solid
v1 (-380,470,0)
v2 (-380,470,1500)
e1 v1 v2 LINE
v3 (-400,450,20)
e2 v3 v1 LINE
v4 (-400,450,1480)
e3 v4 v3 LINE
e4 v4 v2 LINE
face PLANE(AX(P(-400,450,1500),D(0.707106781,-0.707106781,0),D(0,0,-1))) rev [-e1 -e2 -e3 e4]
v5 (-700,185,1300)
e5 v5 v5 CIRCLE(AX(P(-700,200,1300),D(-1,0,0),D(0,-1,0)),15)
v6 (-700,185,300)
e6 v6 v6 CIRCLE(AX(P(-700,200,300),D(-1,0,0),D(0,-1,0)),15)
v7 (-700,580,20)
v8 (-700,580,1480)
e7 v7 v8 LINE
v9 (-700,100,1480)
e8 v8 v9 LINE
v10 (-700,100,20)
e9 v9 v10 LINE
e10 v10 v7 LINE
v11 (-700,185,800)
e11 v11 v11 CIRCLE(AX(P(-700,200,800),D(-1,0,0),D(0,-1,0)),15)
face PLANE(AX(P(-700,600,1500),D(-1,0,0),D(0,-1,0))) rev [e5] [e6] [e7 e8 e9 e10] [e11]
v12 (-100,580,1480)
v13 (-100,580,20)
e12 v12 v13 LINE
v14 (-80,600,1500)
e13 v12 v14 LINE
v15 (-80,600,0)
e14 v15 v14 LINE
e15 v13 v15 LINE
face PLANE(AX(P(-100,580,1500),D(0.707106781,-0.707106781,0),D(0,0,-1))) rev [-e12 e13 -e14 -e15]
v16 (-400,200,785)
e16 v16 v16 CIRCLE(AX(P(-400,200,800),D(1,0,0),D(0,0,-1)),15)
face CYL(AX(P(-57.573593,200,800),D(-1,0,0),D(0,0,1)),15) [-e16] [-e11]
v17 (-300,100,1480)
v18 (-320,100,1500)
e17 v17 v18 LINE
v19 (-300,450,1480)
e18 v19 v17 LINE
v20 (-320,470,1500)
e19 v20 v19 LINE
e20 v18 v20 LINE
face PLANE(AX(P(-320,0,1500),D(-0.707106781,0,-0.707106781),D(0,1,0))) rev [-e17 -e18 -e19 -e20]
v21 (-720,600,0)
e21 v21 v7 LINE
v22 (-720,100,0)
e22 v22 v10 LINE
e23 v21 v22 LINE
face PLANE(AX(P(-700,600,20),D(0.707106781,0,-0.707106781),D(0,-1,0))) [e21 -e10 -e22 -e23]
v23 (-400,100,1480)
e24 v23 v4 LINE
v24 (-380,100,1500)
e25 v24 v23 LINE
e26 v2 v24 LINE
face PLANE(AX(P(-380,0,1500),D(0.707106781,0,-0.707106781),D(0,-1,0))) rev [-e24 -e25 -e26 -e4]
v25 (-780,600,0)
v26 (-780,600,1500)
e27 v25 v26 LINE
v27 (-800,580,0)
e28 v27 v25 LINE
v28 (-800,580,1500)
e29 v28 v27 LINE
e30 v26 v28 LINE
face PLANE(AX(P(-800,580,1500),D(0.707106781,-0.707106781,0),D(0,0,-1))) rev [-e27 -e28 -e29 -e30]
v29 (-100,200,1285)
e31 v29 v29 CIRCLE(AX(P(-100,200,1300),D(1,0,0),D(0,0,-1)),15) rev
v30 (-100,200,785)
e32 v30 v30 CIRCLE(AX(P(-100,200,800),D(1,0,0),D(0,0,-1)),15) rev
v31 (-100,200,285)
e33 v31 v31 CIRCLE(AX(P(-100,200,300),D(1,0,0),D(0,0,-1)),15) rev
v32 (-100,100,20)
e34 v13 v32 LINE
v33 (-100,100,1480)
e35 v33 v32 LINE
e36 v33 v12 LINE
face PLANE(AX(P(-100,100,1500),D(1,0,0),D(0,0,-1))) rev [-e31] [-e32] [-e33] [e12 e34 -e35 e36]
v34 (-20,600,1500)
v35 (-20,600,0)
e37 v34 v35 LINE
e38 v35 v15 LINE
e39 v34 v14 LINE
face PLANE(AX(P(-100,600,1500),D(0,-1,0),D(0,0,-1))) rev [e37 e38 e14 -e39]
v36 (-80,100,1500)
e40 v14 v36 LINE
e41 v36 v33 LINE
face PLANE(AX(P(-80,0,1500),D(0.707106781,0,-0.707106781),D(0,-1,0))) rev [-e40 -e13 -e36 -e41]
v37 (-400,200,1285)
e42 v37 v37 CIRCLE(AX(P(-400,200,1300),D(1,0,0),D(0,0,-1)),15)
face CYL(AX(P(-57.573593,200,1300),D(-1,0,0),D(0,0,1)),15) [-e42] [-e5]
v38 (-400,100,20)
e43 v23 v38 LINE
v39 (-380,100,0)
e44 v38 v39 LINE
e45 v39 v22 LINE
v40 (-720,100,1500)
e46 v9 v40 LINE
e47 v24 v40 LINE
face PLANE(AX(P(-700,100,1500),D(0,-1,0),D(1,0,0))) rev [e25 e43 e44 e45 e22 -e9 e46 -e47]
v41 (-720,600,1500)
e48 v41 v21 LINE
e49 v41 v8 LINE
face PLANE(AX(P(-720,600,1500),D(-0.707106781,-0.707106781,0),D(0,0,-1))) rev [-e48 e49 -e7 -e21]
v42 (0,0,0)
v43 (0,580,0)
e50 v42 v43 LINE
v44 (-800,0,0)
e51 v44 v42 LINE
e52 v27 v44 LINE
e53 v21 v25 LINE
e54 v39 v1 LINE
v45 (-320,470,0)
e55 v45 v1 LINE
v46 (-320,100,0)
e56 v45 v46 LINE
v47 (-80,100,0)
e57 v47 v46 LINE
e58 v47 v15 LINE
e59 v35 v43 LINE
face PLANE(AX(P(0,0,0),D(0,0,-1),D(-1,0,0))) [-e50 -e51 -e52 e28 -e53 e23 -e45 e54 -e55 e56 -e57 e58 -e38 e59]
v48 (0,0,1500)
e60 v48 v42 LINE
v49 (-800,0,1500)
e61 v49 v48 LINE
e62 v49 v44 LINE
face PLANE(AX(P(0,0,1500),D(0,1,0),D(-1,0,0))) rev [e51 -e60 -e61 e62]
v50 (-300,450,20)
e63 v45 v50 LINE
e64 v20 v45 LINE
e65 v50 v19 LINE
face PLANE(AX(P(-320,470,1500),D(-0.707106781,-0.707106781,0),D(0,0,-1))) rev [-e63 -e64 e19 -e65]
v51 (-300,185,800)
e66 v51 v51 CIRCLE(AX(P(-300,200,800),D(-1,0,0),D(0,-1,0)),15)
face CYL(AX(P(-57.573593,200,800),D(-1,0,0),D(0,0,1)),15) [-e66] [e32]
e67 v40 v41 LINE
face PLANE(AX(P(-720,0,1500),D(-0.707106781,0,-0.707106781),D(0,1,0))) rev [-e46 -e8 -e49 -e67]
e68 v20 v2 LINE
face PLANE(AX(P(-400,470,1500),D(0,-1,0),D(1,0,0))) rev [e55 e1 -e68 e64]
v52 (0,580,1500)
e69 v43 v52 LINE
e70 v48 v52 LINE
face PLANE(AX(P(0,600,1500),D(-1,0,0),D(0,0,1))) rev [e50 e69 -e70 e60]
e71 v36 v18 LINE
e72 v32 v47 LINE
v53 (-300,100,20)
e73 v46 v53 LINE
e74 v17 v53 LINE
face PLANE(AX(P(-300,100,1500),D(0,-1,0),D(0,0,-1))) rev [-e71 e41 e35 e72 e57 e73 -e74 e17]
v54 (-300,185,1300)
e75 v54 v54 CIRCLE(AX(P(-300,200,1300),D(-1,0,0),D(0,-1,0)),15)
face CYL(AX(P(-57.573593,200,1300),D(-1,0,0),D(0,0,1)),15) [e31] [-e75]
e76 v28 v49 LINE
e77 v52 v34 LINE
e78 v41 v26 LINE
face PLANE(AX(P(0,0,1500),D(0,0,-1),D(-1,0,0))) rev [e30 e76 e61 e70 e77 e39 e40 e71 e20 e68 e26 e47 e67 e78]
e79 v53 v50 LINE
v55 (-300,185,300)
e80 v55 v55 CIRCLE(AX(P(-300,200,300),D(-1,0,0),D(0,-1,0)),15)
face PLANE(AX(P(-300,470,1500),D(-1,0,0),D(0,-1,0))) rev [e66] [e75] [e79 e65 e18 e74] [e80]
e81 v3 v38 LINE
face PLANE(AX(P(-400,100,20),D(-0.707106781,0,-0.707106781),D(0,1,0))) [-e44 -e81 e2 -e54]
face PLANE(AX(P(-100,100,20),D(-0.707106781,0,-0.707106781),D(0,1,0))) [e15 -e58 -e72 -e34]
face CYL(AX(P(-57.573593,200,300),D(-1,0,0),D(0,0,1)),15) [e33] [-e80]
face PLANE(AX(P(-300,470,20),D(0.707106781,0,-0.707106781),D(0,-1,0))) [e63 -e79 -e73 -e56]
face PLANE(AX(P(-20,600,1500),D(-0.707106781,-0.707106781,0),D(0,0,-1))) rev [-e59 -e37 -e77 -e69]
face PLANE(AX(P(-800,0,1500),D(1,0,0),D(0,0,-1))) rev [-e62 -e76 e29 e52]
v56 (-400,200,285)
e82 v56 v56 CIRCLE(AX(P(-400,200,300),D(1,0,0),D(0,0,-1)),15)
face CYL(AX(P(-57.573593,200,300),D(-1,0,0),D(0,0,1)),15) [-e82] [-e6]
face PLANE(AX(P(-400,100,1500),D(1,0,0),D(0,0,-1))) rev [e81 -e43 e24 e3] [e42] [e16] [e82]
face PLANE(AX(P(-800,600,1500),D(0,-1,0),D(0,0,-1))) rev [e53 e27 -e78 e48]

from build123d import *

# Parameters (mm, degrees)
SALIENTE_EXTRUIR1_DEPTH = 1500
CHAFL_N2_SIZE           = 20
SALIENTE_EXTRUIR2_REACH = 1804.776
CROQUIS2_R              = 15
MATRIZL1_COUNT          = 3
MATRIZL1_PITCH          = 500


with BuildPart() as part:
    # Croquis1 → Saliente-Extruir1 (new body)
    with BuildSketch(Plane.XY):
        Polygon((0, 0), (-800, 0), (-800, 600), (-700, 600), (-700, 100), (-400, 100), (-400, 470), (-300, 470), (-300, 100), (-100, 100), (-100, 600), (0, 600), align=None)
    extrude(amount=SALIENTE_EXTRUIR1_DEPTH)

    # Chaflán2
    chafl_n2_edges = [part.edges().sort_by_distance(p)[0] for p in [
        (-100, 350, 1500),
        (-700, 350, 0),
        (-400, 285, 0),
        (-300, 285, 0),
        (-100, 350, 0),
        (-300, 285, 1500),
        (-800, 600, 750),
        (-700, 600, 750),
        (-400, 470, 750),
        (-300, 470, 750),
        (-100, 600, 750),
        (0, 600, 750),
        (-400, 285, 1500),
        (-700, 350, 1500),
    ]]
    chamfer(chafl_n2_edges, length=CHAFL_N2_SIZE)

    # Saliente-Extruir2: up to this face of the body (flat: up to its plane)
    saliente_extruir2_end = Plane(part.part.faces().sort_by_distance((-100, 340, 750))[0])
    # Croquis2 → Saliente-Extruir2 (add, up to the picked face)
    with BuildSketch(Plane.ZY.offset(800), mode=Mode.PRIVATE) as saliente_extruir2_sk1:
        with Locations(Location((300, 200, 0), (0, 0, 270))):
            Circle(CROQUIS2_R)
    saliente_extruir2_tool1 = split(extrude(saliente_extruir2_sk1.sketch, amount=-SALIENTE_EXTRUIR2_REACH, mode=Mode.PRIVATE), bisect_by=saliente_extruir2_end, keep=Keep.BOTH, mode=Mode.PRIVATE)
    saliente_extruir2 = saliente_extruir2_tool1.solids().sort_by(Axis((-800, 200, 300), (1, 0, 0)))[0]
    add(saliente_extruir2)

    # MatrizL1: Saliente-Extruir2 ×3
    with Locations(*[(0, 0, i * MATRIZL1_PITCH) for i in range(1, MATRIZL1_COUNT)]):
        add(saliente_extruir2)


solid = part.part
